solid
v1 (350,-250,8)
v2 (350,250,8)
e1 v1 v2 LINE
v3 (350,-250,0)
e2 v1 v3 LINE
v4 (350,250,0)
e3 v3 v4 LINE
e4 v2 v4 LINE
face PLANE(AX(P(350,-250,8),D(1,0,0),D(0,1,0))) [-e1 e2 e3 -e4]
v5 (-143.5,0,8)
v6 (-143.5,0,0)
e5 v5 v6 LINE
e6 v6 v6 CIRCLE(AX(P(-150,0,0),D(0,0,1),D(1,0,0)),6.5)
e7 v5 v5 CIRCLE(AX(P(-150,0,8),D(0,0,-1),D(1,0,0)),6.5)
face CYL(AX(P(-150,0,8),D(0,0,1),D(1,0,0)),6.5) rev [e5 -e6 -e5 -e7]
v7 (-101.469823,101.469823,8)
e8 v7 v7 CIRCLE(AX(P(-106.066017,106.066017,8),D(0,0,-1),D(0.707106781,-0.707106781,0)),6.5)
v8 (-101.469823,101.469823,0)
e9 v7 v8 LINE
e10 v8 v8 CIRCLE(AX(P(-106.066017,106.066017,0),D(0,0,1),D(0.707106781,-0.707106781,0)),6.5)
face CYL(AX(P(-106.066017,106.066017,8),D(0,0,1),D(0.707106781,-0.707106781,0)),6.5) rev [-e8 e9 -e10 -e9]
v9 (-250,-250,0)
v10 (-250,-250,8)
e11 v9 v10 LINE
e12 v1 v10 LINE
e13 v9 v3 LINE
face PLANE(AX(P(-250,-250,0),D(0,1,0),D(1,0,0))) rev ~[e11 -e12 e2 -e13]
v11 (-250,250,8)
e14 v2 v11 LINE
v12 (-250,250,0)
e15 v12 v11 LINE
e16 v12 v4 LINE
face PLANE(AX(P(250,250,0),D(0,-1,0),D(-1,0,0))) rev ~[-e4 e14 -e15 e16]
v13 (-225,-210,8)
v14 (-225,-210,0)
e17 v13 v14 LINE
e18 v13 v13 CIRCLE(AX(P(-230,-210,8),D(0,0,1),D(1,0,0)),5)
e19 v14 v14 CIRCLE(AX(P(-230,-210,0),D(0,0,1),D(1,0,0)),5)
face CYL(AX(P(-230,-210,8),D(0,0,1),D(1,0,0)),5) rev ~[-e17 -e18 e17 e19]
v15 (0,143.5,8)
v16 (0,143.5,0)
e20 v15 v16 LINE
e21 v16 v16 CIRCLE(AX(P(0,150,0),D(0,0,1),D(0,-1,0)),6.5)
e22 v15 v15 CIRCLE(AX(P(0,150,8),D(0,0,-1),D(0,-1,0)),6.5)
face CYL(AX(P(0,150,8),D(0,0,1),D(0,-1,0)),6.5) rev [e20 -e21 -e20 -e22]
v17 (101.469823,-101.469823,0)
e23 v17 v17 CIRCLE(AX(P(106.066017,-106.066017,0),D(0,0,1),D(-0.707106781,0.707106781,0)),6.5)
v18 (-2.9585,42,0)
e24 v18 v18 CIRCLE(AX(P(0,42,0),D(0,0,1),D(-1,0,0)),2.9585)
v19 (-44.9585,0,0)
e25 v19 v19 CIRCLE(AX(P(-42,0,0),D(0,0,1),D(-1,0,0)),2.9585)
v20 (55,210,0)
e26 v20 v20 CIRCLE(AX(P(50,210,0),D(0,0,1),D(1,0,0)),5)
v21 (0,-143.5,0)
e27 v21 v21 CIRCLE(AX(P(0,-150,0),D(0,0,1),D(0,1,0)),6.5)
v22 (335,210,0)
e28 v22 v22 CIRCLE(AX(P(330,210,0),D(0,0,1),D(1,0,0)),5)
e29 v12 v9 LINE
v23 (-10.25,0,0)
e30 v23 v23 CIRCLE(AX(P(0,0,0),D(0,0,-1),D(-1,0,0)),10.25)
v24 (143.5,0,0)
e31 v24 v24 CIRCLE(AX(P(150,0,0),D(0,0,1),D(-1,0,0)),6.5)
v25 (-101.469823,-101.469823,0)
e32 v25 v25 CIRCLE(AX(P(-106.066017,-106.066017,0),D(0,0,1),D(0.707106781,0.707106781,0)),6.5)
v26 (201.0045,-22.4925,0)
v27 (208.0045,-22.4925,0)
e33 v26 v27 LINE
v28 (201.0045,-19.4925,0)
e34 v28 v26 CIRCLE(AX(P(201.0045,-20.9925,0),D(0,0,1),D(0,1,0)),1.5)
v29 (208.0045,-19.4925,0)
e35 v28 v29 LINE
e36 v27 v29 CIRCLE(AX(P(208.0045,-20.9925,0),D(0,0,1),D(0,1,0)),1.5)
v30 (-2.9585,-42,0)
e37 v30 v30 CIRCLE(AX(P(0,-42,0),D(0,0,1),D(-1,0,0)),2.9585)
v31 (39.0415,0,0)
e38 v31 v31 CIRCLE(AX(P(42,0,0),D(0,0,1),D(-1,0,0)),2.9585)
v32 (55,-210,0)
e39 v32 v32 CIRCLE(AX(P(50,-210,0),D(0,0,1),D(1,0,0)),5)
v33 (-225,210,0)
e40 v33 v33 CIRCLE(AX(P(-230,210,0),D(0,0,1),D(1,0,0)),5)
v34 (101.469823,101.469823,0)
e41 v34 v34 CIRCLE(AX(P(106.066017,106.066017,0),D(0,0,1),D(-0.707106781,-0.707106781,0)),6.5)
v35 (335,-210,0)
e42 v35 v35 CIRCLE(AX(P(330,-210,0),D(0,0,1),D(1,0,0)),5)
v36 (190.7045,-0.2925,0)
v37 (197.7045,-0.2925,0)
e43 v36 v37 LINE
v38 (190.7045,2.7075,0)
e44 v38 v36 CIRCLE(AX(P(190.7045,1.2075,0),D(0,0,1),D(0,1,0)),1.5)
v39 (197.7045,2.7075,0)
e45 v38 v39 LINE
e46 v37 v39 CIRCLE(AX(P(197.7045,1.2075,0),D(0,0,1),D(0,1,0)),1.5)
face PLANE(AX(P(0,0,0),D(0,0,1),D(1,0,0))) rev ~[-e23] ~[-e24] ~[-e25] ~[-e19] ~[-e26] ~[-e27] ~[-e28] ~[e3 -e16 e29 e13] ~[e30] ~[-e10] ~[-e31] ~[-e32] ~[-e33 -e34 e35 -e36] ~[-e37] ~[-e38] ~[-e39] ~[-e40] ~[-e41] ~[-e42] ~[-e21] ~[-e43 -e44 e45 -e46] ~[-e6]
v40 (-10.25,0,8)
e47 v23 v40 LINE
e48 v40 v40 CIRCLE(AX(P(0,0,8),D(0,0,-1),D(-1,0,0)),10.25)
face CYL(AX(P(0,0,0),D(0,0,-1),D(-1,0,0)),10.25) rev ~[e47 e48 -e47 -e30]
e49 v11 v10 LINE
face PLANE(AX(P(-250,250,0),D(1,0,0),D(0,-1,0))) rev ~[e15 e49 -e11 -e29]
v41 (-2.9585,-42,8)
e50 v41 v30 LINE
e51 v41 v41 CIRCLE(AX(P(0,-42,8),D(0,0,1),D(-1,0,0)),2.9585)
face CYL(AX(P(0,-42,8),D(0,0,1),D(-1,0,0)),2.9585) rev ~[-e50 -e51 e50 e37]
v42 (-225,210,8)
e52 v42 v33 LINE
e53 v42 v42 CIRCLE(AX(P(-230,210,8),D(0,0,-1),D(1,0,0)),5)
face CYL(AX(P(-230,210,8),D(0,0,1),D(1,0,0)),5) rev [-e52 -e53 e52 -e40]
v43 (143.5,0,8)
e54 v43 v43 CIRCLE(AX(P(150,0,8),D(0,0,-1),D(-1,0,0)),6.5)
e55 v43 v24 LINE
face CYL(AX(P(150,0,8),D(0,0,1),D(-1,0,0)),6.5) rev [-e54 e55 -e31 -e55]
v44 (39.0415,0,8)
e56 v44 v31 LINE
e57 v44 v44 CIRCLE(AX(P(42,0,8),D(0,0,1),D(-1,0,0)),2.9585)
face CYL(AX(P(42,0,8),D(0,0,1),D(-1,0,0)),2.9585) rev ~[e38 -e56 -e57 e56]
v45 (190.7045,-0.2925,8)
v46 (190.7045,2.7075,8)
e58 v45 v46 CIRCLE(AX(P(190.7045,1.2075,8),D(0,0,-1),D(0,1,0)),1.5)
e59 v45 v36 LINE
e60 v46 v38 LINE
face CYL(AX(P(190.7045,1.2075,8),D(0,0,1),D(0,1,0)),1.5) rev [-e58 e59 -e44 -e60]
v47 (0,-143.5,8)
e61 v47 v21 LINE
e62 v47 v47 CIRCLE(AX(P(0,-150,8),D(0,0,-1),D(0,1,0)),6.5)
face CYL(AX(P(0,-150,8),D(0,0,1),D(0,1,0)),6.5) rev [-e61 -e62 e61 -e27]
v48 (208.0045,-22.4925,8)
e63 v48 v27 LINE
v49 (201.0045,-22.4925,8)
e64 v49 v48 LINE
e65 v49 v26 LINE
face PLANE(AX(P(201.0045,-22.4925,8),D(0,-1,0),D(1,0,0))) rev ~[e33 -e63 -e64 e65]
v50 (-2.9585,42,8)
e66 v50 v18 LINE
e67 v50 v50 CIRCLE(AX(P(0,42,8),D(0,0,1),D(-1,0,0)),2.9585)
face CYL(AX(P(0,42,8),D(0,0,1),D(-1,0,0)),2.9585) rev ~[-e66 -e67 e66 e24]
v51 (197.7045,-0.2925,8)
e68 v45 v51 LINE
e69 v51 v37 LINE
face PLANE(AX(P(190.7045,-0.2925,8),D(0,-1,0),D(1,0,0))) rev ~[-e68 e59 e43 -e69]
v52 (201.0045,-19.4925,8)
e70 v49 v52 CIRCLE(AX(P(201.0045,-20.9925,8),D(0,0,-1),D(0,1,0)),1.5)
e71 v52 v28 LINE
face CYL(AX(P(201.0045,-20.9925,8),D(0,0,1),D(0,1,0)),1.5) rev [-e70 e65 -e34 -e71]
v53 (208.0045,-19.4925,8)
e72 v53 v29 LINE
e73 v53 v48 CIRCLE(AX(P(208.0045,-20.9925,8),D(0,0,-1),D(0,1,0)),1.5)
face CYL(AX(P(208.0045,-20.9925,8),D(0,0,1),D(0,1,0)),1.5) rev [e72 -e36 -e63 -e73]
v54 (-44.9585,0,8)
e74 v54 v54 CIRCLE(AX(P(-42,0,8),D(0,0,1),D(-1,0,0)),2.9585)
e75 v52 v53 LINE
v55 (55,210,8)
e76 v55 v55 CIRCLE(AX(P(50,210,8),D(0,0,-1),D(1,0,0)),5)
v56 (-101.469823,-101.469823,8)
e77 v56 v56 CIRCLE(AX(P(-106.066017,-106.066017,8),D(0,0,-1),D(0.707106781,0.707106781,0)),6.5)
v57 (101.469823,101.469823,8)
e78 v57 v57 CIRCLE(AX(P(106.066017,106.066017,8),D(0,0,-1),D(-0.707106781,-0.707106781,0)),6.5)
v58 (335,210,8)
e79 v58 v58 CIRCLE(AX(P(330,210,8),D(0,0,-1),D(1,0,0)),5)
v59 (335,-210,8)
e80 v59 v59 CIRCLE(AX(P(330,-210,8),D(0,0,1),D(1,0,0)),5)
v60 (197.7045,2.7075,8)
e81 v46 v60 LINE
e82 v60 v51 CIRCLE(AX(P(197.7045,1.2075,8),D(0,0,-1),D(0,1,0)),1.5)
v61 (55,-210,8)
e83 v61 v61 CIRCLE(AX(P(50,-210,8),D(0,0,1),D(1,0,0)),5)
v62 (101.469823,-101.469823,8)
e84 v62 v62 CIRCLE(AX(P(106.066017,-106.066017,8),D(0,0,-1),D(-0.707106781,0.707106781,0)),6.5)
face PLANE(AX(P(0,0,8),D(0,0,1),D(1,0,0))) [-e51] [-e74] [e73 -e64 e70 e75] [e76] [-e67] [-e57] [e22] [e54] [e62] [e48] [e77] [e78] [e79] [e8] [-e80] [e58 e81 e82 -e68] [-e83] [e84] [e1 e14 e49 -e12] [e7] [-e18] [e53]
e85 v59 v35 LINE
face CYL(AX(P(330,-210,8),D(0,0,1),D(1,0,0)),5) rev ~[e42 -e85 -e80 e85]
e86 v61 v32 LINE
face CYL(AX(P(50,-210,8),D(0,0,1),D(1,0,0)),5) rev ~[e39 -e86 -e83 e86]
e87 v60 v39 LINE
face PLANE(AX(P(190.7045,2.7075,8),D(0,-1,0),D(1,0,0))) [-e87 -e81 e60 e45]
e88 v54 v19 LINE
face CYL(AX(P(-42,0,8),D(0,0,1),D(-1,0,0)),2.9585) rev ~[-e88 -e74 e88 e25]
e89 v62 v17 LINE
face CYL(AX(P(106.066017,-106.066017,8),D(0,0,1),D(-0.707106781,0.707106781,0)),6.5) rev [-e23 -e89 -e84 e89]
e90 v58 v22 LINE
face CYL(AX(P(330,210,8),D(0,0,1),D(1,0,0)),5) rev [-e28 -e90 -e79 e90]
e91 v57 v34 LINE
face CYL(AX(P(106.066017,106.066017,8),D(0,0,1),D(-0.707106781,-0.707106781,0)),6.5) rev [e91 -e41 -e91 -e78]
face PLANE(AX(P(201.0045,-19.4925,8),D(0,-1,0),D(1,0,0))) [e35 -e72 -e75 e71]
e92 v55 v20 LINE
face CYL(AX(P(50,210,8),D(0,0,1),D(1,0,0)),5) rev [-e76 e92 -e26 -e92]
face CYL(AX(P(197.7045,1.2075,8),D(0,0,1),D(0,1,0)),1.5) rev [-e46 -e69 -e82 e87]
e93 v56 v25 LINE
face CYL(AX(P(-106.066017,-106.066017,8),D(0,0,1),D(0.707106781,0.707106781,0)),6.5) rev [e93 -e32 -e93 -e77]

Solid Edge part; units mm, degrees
sketch "Sketch1" plane through (0, 0, 0) normal (0, 0, 1) x (1, 0, 0)
  line L0 (-250, -250) -> (250, -250)
  line L1 (250, -250) -> (250, 250)
  line L2 (250, 250) -> (-250, 250)
  line L3 (-250, 250) -> (-250, -250)
extrude "ProtrusioneEstrusa_1" add sketch "Sketch1" along normal blind 8
hole "Foro_1" at (0, 150, 8) direction (0, 0, -1) diameter 13 end through all
pattern_circular "Pattern1" count 8 over 360 about axis through (0, 0, 8) along (0, 0, -1) of "Foro_1"
sketch "Sketch2" plane through (0, 0, 0) normal (0, 0, -1) x (-1, 0, 0)
  circle A0 centre (0, 0) radius 10.25
extrude "Cutout1" cut sketch "Sketch2" against normal through all
sketch "Sketch3" plane through (0, 0, 8) normal (0, 0, 1) x (-1, 0, 0)
  circle A0 centre (0, 42) radius 2.9585
  circle A1 centre (42, 0) radius 2.9585
  circle A2 centre (0, -42) radius 2.9585
  circle A3 centre (-42, 0) radius 2.9585
extrude "Cutout2" cut sketch "Sketch3" against normal through all
sketch "Sketch4" plane through (0, 0, 8) normal (0, 0, 1) x (1, 0, 0)
  line L0 (250, -250) -> (350, -250)
  line L1 (350, -250) -> (350, 250)
  line L2 (250, 250) -> (350, 250)
  line L3 (250, -250) -> (250, 250)
extrude "Protrusion1" add sketch "Sketch4" against normal up to vertex (8 mm away)
sketch "Sketch5" plane through (50, 0, 8) normal (0, 0, 1) x (1, 0, 0)
  circle A0 centre (-280, -210) radius 5
  circle A1 centre (0, -210) radius 5
  circle A2 centre (280, -210) radius 5
  dimension "D1" = 20
  dimension "D2" = 20
extrude "Cutout3" cut sketch "Sketch5" against normal through all
mirror "Mirror1" about plane through (0, 0, 0) normal (0, -1, 0) of "Cutout3"
sketch "Sketch6" plane through (50, 0, 8) normal (0, 0, 1) x (0, 1, 0)
  arc A0 (-0.2925, -140.7045) -> (2.7075, -140.7045) centre (1.2075, -140.7045) cw
  line L0 (2.7075, -140.7045) -> (2.7075, -147.7045)
  arc A1 (2.7075, -147.7045) -> (-0.2925, -147.7045) centre (1.2075, -147.7045) cw
  line L1 (-0.2925, -140.7045) -> (-0.2925, -147.7045)
  line L2 (-19.4925, -151.0045) -> (-19.4925, -158.0045)
  arc A2 (-19.4925, -158.0045) -> (-22.4925, -158.0045) centre (-20.9925, -158.0045) cw
  line L3 (-22.4925, -151.0045) -> (-22.4925, -158.0045)
  arc A3 (-22.4925, -151.0045) -> (-19.4925, -151.0045) centre (-20.9925, -151.0045) cw
extrude "Cutout5" cut sketch "Sketch6" against normal through all
properties material "Acrylic Plastic (extra strong)"
